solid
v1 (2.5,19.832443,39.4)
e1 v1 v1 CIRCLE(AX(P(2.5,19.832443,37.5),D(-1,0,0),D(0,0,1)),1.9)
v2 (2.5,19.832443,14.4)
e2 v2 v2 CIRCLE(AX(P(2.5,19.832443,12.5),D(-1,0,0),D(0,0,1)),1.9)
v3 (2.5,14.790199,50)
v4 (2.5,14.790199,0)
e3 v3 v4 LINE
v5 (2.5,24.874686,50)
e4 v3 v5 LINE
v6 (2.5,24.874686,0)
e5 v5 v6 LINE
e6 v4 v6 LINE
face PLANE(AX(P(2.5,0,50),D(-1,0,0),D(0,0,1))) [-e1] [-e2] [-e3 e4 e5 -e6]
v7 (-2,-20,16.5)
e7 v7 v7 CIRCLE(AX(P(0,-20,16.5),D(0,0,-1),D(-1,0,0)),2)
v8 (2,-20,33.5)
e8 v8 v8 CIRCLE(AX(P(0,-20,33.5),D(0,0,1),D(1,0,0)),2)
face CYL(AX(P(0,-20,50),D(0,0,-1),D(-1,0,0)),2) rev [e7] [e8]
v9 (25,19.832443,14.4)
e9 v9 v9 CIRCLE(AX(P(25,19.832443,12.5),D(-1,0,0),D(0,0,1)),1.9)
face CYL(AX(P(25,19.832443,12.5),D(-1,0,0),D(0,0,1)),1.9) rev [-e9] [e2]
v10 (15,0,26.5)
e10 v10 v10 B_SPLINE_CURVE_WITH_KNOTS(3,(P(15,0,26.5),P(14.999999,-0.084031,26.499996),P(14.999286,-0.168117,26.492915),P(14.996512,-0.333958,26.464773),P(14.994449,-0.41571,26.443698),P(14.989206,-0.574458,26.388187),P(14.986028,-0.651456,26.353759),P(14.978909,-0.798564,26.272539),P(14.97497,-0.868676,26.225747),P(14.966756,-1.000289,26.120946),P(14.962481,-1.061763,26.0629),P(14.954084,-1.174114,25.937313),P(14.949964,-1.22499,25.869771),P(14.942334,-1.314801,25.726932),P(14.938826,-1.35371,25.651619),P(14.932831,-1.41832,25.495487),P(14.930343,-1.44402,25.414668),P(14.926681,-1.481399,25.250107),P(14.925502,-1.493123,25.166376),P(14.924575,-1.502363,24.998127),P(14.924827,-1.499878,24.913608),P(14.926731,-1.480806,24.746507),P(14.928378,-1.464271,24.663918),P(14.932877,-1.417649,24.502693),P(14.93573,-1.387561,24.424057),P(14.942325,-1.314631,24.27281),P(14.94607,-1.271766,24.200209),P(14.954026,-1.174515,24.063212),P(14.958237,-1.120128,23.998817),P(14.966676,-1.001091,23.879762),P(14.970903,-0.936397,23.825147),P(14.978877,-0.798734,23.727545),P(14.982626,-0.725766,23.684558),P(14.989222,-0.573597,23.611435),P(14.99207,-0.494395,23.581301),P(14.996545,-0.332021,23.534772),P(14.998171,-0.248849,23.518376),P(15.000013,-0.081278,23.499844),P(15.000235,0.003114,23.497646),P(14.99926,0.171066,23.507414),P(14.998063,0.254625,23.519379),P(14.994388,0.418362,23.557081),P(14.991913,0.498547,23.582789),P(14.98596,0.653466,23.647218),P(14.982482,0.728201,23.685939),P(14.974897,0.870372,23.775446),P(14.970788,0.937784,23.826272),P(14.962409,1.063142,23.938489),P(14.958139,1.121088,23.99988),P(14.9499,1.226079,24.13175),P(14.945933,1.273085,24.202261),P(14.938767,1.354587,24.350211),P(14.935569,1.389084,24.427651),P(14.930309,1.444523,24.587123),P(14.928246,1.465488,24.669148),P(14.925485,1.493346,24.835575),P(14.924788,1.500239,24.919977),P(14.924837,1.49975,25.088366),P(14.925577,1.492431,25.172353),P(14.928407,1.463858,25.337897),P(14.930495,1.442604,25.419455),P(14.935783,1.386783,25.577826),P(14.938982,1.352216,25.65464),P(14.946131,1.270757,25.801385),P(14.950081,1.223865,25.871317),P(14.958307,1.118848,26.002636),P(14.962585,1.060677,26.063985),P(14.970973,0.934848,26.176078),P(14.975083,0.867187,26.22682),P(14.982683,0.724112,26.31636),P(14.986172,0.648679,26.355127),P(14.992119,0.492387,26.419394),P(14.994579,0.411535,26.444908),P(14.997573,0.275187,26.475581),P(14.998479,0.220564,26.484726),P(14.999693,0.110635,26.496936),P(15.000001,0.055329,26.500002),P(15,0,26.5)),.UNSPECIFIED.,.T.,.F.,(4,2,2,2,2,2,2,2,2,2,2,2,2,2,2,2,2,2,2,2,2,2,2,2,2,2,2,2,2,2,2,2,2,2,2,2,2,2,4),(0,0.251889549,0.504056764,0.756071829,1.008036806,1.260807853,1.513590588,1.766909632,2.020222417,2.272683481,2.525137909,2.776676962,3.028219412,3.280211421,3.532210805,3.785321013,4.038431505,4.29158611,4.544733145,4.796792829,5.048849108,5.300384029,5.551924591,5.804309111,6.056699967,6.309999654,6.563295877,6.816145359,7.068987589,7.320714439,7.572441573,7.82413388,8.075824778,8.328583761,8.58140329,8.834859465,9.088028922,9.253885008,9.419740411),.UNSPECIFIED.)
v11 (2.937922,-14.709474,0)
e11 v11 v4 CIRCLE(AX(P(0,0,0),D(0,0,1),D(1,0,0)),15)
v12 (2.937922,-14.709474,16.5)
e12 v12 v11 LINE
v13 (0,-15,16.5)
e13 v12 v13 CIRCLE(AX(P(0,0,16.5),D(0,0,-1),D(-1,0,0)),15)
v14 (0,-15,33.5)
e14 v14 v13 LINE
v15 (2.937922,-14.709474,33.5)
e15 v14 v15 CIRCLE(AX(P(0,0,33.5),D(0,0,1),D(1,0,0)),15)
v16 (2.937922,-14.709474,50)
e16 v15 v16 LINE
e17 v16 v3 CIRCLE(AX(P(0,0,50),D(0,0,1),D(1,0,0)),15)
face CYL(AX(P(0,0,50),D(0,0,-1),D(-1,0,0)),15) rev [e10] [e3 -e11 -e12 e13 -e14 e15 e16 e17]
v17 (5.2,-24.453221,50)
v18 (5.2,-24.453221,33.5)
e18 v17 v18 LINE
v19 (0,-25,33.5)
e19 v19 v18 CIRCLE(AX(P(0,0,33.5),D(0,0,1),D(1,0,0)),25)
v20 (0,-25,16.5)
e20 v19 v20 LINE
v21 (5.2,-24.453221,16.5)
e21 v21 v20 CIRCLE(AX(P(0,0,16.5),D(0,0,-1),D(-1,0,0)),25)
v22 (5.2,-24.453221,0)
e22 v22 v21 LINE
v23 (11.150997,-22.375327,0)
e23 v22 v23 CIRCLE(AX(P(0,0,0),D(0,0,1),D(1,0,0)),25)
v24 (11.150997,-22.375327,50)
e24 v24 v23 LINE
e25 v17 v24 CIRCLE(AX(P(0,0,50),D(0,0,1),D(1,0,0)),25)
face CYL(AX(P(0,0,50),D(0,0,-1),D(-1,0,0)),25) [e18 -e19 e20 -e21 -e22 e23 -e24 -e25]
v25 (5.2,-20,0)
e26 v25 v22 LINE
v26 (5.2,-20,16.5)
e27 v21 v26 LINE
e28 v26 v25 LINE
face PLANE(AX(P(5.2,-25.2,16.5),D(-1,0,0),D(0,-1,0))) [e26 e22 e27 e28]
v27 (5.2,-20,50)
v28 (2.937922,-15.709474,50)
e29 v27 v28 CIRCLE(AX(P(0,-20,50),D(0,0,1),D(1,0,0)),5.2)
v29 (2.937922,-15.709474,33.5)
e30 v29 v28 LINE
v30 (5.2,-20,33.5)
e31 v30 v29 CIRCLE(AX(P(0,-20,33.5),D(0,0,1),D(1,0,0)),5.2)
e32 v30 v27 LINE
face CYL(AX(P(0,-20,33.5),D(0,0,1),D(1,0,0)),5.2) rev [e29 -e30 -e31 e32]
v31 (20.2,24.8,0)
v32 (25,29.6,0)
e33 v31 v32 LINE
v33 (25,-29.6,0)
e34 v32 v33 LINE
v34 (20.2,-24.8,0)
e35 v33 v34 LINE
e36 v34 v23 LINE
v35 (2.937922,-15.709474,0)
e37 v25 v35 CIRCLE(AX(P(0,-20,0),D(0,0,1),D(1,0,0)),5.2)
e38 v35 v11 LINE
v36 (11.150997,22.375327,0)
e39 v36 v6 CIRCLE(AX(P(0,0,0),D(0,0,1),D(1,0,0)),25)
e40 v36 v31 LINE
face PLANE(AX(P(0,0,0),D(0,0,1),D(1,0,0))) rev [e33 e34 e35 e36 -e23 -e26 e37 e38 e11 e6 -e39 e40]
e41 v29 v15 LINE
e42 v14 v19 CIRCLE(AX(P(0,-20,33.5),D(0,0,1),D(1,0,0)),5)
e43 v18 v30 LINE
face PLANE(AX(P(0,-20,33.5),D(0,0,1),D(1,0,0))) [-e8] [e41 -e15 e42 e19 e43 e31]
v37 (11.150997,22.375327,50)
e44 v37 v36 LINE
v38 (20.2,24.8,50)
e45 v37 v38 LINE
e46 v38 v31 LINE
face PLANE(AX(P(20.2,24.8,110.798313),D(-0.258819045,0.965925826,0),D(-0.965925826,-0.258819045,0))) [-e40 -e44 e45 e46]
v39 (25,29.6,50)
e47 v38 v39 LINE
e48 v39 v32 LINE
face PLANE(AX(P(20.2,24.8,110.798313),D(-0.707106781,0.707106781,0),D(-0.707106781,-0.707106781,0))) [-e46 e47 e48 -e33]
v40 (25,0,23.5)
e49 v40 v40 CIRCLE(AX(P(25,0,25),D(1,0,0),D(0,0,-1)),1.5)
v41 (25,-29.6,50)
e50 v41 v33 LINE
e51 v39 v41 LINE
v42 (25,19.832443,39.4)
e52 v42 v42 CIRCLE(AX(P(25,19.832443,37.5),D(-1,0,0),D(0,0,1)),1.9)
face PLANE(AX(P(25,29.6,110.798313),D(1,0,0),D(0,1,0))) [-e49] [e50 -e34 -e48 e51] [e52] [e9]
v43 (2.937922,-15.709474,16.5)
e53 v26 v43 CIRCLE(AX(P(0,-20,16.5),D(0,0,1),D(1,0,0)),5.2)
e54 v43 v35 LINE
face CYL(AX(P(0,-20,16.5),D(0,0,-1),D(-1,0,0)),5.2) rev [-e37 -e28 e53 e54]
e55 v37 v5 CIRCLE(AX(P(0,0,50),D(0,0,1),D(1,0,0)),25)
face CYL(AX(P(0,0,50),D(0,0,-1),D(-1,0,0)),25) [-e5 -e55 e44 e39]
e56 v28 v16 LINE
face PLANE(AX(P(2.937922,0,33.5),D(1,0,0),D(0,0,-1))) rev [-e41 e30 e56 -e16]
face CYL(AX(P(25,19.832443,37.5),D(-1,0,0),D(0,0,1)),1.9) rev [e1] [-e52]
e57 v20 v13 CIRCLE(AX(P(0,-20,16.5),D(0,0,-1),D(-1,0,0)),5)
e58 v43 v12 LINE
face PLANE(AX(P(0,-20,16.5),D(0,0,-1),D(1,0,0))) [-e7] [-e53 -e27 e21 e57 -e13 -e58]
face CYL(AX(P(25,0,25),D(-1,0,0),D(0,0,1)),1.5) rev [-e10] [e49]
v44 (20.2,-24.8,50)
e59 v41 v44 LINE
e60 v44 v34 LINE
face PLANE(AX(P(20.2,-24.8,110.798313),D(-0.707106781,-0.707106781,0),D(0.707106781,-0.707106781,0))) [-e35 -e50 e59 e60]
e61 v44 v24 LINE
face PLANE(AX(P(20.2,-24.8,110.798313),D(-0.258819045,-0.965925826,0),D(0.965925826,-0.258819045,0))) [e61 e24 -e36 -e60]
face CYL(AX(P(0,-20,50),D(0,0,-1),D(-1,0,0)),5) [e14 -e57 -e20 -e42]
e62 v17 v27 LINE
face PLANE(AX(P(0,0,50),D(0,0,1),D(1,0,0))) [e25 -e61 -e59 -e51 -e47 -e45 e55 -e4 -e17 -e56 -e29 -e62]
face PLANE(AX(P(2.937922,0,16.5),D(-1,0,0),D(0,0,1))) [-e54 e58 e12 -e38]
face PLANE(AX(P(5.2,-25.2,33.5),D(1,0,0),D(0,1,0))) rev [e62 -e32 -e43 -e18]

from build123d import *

# Parameters (mm, degrees)
SKETCH1_R           = 5
SKETCH1_R_2         = 2
BOSS_EXTRUDE1_DEPTH = 50
CUT_EXTRUDE13_DEPTH = 16.5
BOSS_EXTRUDE2_DEPTH = 50
SKETCH13_R          = 1.9
CUT_EXTRUDE12_DEPTH = 23.5
CUT_EXTRUDE14_DEPTH = 16.5
SKETCH20_R          = 1.5
CUT_EXTRUDE15_DEPTH = 26


with BuildPart() as part:
    # Sketch1 → Boss-Extrude1 (new body)
    with BuildSketch(Plane.XY):
        with Locations((0, -20)):
            Circle(SKETCH1_R)
        with Locations((0, -20)):
            Circle(SKETCH1_R_2, mode=Mode.SUBTRACT)
        with BuildLine():
            Line((2.5, 24.874685928), (2.5, 14.790199458))
            ThreePointArc((2.5, 14.790199458), (14.947457842, -1.254393904), (0, -15))
            ThreePointArc((0, -15), (3.535533906, -16.464466094), (5, -20))
            ThreePointArc((5, -20), (3.535533906, -23.535533906), (0, -25))
            ThreePointArc((0, -25), (24.968651828, -1.251569376), (2.5, 24.874685928))
        make_face()
    extrude(amount=BOSS_EXTRUDE1_DEPTH)

    # Sketch16 → Cut-Extrude13 (cut)
    with BuildSketch(Plane.XY.offset(50)):
        with BuildLine():
            Line((0, -25.2), (5.2, -25.2))
            Line((5.2, -25.2), (5.2, -20))
            ThreePointArc((5.2, -20), (-3.676955262, -16.323044738), (0, -25.2))
        make_face()
    cut_extrude13 = extrude(amount=-CUT_EXTRUDE13_DEPTH, mode=Mode.SUBTRACT)

    # Mirror2: Cut-Extrude13 across plane
    add(cut_extrude13.mirror(Plane(origin=(0, 0, 25), x_dir=(1, 0, 0), z_dir=(0, 0, -1))), mode=Mode.SUBTRACT)

    # Sketch17 → Boss-Extrude2 (add)
    with BuildSketch(Plane(origin=(0, 0, 0), x_dir=(-1, 0, 0), z_dir=(0, 0, -1))):
        Polygon((-20.2, 24.8), (-11.15099728, 22.375327029), (-20.2, 0), (-11.15099728, -22.375327029), (-20.2, -24.8), (-25, -29.6), (-25, 29.6), align=None)
    extrude(amount=-BOSS_EXTRUDE2_DEPTH)

    # Sketch13 → Cut-Extrude12 (cut, through all)
    with BuildSketch(Plane.ZY.offset(-2.5)):
        with Locations((37.5, 19.832442693)):
            Circle(SKETCH13_R)
        with Locations((12.5, 19.832442693)):
            Circle(SKETCH13_R)
    extrude(amount=-CUT_EXTRUDE12_DEPTH, mode=Mode.SUBTRACT)

    # Sketch19 → Cut-Extrude14 (cut)
    with BuildSketch(Plane.XY.offset(50)):
        with BuildLine():
            Line((2.937921703, -15.709473684), (2.937921703, -14.709473684))
            ThreePointArc((2.937921703, -14.709473684), (2.090334438, -14.853635984), (1.235879849, -14.949))
            ThreePointArc((1.235879849, -14.949), (2.121257859, -15.252341093), (2.937921703, -15.709473684))
        make_face()
    cut_extrude14 = extrude(amount=-CUT_EXTRUDE14_DEPTH, mode=Mode.SUBTRACT)

    # Mirror4: Cut-Extrude14 across plane
    add(cut_extrude14.mirror(Plane(origin=(0, 0, 25), x_dir=(1, 0, 0), z_dir=(0, 0, -1))), mode=Mode.SUBTRACT)

    # Sketch20 → Cut-Extrude15 (cut, through all)
    with BuildSketch(Plane(origin=(0, 0, 0), x_dir=(0, 0, -1), z_dir=(1, 0, 0))):
        with Locations((-25, 0)):
            Circle(SKETCH20_R)
    extrude(amount=CUT_EXTRUDE15_DEPTH, mode=Mode.SUBTRACT)


solid = part.part
